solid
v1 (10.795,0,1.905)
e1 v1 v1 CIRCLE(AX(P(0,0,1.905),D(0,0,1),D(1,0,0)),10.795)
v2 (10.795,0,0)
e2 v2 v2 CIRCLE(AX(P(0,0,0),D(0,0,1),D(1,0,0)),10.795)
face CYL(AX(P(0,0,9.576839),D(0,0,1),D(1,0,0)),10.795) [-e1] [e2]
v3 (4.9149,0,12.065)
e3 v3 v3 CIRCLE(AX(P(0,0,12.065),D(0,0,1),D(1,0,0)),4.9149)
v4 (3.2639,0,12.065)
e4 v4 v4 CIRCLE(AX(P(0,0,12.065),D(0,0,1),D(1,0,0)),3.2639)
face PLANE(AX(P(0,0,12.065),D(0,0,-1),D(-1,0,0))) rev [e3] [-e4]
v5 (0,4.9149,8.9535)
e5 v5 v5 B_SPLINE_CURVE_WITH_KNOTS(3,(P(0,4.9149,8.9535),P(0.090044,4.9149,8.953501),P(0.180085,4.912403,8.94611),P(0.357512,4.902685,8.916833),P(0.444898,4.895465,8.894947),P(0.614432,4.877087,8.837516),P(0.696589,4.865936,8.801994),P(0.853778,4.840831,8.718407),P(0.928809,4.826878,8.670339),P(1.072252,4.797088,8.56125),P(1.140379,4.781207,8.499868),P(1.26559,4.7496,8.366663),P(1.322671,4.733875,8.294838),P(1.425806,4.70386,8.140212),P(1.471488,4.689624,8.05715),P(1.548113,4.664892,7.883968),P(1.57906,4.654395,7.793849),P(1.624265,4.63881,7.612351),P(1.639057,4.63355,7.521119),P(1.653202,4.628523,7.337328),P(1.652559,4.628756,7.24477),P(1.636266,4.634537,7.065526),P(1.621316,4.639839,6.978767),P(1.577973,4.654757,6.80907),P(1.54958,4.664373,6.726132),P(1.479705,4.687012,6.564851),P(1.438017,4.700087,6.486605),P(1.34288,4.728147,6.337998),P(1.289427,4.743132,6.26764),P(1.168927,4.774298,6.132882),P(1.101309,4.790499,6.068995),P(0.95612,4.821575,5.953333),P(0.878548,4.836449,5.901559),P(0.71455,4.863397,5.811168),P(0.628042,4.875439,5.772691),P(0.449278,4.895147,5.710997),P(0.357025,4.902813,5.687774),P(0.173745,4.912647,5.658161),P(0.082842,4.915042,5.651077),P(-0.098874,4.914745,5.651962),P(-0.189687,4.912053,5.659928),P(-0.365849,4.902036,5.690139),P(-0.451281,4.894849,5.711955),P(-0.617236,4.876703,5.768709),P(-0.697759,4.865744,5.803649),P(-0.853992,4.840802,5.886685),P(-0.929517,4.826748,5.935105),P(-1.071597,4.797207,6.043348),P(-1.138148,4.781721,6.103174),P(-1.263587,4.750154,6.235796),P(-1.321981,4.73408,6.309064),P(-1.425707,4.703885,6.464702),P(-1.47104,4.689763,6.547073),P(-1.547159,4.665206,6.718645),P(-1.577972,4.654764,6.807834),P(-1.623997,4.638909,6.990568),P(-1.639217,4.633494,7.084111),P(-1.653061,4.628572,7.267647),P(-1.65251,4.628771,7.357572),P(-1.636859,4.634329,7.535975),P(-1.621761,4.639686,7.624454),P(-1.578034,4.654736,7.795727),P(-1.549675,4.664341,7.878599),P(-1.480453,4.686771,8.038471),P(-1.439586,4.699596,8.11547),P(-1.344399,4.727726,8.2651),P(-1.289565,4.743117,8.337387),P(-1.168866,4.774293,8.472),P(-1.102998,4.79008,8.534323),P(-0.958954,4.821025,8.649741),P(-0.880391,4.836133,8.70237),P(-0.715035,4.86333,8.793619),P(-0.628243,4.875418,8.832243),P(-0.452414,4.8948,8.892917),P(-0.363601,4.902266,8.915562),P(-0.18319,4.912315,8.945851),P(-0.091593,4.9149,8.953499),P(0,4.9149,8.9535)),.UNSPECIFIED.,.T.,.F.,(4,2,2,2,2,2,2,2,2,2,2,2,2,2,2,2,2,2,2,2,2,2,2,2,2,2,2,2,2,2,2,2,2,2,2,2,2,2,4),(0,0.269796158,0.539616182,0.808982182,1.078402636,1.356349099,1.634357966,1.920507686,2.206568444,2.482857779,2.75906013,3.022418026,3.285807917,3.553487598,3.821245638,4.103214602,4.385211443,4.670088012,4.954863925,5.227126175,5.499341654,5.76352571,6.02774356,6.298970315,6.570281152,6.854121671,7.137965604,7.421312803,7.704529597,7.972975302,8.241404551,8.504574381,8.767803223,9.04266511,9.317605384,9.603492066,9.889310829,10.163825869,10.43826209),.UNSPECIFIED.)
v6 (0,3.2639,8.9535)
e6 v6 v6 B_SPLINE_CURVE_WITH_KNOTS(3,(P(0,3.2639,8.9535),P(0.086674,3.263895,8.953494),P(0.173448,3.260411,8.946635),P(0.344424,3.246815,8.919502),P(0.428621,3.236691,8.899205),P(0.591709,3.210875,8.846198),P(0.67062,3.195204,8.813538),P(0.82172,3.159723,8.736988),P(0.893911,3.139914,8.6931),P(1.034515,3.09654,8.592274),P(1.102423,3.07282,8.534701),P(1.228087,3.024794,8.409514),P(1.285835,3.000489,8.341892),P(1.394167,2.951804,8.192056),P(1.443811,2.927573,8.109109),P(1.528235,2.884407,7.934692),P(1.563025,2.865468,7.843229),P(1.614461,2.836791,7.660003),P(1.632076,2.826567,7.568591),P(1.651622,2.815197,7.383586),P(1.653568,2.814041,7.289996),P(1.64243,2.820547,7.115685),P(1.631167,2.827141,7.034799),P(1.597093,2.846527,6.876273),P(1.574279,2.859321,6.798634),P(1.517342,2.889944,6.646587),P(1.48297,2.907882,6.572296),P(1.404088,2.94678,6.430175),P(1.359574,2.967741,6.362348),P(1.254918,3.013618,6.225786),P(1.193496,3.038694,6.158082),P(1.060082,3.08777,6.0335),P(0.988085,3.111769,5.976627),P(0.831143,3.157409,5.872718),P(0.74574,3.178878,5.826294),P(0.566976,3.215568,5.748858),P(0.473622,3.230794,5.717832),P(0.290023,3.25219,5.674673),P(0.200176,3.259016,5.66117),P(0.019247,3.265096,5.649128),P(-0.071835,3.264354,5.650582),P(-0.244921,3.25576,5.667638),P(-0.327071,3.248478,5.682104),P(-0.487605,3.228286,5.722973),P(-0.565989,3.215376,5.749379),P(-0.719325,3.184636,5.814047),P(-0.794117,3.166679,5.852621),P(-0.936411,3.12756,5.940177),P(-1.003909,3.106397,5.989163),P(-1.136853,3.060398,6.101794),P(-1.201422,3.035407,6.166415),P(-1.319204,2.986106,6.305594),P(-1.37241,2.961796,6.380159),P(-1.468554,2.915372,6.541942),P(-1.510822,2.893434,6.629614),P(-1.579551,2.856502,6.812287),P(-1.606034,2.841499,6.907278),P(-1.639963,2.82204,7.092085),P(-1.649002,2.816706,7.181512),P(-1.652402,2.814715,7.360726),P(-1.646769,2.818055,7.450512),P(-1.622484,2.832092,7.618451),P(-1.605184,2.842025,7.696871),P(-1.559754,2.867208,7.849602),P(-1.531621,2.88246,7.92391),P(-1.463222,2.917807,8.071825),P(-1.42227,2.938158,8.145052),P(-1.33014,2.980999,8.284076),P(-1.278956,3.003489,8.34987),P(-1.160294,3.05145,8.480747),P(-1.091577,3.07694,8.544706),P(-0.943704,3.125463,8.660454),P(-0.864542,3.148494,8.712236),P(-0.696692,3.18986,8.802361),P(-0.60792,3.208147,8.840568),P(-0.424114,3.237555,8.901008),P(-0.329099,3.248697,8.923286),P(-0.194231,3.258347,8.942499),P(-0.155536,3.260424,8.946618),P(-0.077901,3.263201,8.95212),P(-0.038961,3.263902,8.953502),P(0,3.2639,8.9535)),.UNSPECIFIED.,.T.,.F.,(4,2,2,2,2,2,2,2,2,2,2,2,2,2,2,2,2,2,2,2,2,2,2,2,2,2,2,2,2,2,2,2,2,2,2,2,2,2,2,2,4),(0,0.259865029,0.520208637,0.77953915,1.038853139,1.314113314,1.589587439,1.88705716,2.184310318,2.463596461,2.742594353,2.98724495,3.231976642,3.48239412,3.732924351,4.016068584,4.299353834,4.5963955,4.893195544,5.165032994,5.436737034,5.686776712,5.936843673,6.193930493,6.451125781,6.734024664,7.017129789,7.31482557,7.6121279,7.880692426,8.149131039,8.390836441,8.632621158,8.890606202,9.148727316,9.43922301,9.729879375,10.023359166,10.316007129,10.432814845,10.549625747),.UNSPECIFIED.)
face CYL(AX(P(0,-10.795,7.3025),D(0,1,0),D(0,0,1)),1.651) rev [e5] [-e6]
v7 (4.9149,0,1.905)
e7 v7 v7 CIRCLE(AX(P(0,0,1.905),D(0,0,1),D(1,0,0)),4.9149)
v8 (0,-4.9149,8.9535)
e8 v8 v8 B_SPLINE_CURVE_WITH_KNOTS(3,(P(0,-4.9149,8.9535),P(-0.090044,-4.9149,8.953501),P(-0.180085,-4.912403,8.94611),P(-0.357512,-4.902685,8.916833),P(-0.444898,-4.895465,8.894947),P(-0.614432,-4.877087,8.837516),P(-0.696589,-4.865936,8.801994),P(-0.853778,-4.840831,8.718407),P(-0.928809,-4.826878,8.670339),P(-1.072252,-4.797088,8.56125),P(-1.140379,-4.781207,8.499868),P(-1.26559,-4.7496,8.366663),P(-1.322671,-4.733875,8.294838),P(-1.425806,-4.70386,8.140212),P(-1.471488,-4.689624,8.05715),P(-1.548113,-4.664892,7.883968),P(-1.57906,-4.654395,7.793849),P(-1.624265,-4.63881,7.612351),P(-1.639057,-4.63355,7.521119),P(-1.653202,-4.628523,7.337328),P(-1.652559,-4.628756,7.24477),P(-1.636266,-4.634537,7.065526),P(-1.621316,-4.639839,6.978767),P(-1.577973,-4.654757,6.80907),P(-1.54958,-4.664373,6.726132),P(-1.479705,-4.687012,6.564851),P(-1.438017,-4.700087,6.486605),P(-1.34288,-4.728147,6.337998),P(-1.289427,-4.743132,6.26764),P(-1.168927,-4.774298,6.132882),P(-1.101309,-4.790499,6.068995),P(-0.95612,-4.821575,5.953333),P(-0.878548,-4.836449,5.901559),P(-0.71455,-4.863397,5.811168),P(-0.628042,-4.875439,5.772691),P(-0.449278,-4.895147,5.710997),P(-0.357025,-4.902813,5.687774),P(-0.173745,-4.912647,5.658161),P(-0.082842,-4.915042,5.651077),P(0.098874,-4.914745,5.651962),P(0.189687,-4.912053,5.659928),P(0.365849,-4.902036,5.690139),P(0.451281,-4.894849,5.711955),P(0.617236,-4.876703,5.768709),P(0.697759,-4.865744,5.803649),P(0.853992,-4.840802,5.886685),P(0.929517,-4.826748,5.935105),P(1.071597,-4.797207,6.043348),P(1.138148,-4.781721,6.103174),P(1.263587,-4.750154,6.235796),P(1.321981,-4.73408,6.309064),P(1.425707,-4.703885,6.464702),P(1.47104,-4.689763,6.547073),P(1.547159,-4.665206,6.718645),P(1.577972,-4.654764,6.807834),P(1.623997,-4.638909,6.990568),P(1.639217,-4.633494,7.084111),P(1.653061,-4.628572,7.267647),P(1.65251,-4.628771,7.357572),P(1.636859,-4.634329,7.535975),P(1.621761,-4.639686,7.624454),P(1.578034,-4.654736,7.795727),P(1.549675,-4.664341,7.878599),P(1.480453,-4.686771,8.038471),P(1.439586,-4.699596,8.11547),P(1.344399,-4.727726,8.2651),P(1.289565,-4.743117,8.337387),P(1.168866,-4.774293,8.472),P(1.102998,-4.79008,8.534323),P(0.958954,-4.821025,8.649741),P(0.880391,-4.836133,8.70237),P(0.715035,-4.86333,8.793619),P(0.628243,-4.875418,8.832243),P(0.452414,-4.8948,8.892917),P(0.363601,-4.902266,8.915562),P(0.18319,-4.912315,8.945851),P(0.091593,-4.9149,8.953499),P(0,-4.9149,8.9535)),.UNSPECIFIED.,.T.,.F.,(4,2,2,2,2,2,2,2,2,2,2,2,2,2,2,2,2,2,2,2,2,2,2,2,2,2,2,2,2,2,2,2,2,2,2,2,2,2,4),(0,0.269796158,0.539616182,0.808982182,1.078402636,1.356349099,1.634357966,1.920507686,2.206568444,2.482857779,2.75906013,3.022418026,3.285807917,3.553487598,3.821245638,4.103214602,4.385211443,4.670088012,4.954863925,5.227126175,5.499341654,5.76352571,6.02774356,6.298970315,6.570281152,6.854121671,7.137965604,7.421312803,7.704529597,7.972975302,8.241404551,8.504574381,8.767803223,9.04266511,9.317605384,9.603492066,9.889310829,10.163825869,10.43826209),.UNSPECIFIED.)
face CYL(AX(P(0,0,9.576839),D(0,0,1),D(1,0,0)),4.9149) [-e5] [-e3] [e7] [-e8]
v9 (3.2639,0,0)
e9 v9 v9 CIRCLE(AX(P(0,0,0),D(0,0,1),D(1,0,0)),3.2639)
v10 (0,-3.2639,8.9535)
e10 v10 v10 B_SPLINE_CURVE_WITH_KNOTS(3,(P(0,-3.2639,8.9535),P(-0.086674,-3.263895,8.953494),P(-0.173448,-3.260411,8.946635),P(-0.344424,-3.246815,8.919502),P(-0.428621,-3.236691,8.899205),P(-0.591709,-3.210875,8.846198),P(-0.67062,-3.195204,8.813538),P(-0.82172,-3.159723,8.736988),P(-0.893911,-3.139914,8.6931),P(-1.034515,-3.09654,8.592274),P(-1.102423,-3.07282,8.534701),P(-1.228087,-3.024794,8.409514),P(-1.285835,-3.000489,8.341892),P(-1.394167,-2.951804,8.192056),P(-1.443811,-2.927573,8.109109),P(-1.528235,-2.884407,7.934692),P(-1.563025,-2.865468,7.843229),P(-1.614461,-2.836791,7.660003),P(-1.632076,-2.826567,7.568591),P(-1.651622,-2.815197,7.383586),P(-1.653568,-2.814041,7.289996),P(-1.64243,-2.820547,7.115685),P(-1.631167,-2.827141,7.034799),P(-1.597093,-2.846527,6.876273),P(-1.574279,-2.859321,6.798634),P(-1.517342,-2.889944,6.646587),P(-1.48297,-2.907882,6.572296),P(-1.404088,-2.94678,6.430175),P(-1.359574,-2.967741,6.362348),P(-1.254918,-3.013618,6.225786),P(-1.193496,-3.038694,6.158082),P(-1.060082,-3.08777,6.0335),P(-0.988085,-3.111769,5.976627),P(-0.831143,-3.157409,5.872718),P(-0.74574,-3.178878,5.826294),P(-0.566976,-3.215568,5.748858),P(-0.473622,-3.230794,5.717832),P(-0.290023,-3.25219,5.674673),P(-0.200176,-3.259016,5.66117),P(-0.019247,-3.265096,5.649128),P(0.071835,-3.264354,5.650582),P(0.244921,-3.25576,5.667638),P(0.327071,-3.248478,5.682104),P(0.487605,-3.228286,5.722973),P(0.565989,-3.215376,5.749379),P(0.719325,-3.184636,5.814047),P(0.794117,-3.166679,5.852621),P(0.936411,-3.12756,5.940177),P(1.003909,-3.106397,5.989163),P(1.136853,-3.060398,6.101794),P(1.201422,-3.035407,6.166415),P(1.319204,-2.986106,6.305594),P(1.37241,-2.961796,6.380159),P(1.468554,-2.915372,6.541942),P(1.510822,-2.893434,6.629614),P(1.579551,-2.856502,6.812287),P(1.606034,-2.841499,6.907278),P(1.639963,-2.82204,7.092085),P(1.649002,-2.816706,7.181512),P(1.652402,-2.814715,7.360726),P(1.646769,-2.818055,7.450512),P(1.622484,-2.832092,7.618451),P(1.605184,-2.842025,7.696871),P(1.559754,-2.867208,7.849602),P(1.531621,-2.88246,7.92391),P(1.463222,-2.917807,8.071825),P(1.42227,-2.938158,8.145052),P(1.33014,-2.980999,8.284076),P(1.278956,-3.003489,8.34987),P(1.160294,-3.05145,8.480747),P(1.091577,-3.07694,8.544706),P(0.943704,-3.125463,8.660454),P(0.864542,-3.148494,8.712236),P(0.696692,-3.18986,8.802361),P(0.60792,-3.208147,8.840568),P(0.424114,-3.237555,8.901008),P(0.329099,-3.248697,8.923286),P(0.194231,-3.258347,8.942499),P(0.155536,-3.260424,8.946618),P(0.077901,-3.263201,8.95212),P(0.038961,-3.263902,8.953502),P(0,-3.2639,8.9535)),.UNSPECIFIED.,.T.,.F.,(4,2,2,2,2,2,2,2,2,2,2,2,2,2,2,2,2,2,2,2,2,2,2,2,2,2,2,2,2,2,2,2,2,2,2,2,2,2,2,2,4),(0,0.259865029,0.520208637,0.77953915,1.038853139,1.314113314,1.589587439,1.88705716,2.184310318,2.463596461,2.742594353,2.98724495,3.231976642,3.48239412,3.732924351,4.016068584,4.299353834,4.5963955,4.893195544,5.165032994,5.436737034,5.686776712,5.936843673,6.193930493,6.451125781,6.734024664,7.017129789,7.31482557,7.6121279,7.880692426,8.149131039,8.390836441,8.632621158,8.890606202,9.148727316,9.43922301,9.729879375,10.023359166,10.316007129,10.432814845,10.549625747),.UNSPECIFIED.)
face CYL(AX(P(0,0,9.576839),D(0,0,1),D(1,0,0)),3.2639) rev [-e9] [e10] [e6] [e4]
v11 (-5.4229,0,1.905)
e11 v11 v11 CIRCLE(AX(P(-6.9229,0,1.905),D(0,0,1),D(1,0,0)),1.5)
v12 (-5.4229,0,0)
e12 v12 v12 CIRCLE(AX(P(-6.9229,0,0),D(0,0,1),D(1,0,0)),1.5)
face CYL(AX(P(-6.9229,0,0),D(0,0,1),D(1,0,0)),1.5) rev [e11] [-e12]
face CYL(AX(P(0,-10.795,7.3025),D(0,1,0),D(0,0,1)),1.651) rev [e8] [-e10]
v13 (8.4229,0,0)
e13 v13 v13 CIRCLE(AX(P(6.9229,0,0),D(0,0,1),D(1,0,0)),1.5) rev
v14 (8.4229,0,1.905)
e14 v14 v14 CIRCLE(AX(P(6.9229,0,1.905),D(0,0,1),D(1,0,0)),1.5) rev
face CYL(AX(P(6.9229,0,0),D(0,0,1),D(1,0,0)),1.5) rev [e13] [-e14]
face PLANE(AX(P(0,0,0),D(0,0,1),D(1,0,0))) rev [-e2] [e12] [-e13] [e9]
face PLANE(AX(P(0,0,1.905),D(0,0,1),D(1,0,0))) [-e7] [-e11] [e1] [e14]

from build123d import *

# Parameters (mm, degrees)
CUT_EXTRUDE1_DEPTH      = 20.458372876
CUT_EXTRUDE1_DEPTH_BACK = 20.458372876
SKETCH2_R               = 1.651
CUT_EXTRUDE2_DEPTH      = 19.338201985
CUT_EXTRUDE2_DEPTH_BACK = 19.338201985
SKETCH3_R               = 1.5


with BuildPart() as part:
    # Sketch1 → Revolve1 (revolve)
    with BuildSketch(Plane(origin=(0, 0, 0), x_dir=(0, 0, -1), z_dir=(1, 0, 0))):
        Polygon((-1.905, 4.9149), (-12.065, 4.9149), (-12.065, 3.2639), (0, 3.2639), (0, 10.795), (-1.905, 10.795), align=None)
    revolve(axis=Axis((0, 0, 9.576838869), (0, 0, -1)))

    # Sketch2 → Cut-Extrude1 (cut, two sides: drawn at the far end of the back side and taken through both)
    with BuildSketch(Plane(origin=(0, 0, 0), x_dir=(1, 0, 0), z_dir=(0, 1, 0)).offset(-CUT_EXTRUDE1_DEPTH_BACK)):
        with Locations((0, -7.3025)):
            Circle(SKETCH2_R)
    extrude(amount=CUT_EXTRUDE1_DEPTH + CUT_EXTRUDE1_DEPTH_BACK, mode=Mode.SUBTRACT)

    # Sketch3 → Cut-Extrude2 (cut, two sides: drawn at the far end of the back side and taken through both)
    with BuildSketch(Plane.XY.offset(1.905).offset(-CUT_EXTRUDE2_DEPTH_BACK)):
        with Locations((-6.9229, 0)):
            Circle(SKETCH3_R)
        with Locations((6.9229, 0)):
            Circle(SKETCH3_R)
    extrude(amount=CUT_EXTRUDE2_DEPTH + CUT_EXTRUDE2_DEPTH_BACK, mode=Mode.SUBTRACT)


solid = part.part
